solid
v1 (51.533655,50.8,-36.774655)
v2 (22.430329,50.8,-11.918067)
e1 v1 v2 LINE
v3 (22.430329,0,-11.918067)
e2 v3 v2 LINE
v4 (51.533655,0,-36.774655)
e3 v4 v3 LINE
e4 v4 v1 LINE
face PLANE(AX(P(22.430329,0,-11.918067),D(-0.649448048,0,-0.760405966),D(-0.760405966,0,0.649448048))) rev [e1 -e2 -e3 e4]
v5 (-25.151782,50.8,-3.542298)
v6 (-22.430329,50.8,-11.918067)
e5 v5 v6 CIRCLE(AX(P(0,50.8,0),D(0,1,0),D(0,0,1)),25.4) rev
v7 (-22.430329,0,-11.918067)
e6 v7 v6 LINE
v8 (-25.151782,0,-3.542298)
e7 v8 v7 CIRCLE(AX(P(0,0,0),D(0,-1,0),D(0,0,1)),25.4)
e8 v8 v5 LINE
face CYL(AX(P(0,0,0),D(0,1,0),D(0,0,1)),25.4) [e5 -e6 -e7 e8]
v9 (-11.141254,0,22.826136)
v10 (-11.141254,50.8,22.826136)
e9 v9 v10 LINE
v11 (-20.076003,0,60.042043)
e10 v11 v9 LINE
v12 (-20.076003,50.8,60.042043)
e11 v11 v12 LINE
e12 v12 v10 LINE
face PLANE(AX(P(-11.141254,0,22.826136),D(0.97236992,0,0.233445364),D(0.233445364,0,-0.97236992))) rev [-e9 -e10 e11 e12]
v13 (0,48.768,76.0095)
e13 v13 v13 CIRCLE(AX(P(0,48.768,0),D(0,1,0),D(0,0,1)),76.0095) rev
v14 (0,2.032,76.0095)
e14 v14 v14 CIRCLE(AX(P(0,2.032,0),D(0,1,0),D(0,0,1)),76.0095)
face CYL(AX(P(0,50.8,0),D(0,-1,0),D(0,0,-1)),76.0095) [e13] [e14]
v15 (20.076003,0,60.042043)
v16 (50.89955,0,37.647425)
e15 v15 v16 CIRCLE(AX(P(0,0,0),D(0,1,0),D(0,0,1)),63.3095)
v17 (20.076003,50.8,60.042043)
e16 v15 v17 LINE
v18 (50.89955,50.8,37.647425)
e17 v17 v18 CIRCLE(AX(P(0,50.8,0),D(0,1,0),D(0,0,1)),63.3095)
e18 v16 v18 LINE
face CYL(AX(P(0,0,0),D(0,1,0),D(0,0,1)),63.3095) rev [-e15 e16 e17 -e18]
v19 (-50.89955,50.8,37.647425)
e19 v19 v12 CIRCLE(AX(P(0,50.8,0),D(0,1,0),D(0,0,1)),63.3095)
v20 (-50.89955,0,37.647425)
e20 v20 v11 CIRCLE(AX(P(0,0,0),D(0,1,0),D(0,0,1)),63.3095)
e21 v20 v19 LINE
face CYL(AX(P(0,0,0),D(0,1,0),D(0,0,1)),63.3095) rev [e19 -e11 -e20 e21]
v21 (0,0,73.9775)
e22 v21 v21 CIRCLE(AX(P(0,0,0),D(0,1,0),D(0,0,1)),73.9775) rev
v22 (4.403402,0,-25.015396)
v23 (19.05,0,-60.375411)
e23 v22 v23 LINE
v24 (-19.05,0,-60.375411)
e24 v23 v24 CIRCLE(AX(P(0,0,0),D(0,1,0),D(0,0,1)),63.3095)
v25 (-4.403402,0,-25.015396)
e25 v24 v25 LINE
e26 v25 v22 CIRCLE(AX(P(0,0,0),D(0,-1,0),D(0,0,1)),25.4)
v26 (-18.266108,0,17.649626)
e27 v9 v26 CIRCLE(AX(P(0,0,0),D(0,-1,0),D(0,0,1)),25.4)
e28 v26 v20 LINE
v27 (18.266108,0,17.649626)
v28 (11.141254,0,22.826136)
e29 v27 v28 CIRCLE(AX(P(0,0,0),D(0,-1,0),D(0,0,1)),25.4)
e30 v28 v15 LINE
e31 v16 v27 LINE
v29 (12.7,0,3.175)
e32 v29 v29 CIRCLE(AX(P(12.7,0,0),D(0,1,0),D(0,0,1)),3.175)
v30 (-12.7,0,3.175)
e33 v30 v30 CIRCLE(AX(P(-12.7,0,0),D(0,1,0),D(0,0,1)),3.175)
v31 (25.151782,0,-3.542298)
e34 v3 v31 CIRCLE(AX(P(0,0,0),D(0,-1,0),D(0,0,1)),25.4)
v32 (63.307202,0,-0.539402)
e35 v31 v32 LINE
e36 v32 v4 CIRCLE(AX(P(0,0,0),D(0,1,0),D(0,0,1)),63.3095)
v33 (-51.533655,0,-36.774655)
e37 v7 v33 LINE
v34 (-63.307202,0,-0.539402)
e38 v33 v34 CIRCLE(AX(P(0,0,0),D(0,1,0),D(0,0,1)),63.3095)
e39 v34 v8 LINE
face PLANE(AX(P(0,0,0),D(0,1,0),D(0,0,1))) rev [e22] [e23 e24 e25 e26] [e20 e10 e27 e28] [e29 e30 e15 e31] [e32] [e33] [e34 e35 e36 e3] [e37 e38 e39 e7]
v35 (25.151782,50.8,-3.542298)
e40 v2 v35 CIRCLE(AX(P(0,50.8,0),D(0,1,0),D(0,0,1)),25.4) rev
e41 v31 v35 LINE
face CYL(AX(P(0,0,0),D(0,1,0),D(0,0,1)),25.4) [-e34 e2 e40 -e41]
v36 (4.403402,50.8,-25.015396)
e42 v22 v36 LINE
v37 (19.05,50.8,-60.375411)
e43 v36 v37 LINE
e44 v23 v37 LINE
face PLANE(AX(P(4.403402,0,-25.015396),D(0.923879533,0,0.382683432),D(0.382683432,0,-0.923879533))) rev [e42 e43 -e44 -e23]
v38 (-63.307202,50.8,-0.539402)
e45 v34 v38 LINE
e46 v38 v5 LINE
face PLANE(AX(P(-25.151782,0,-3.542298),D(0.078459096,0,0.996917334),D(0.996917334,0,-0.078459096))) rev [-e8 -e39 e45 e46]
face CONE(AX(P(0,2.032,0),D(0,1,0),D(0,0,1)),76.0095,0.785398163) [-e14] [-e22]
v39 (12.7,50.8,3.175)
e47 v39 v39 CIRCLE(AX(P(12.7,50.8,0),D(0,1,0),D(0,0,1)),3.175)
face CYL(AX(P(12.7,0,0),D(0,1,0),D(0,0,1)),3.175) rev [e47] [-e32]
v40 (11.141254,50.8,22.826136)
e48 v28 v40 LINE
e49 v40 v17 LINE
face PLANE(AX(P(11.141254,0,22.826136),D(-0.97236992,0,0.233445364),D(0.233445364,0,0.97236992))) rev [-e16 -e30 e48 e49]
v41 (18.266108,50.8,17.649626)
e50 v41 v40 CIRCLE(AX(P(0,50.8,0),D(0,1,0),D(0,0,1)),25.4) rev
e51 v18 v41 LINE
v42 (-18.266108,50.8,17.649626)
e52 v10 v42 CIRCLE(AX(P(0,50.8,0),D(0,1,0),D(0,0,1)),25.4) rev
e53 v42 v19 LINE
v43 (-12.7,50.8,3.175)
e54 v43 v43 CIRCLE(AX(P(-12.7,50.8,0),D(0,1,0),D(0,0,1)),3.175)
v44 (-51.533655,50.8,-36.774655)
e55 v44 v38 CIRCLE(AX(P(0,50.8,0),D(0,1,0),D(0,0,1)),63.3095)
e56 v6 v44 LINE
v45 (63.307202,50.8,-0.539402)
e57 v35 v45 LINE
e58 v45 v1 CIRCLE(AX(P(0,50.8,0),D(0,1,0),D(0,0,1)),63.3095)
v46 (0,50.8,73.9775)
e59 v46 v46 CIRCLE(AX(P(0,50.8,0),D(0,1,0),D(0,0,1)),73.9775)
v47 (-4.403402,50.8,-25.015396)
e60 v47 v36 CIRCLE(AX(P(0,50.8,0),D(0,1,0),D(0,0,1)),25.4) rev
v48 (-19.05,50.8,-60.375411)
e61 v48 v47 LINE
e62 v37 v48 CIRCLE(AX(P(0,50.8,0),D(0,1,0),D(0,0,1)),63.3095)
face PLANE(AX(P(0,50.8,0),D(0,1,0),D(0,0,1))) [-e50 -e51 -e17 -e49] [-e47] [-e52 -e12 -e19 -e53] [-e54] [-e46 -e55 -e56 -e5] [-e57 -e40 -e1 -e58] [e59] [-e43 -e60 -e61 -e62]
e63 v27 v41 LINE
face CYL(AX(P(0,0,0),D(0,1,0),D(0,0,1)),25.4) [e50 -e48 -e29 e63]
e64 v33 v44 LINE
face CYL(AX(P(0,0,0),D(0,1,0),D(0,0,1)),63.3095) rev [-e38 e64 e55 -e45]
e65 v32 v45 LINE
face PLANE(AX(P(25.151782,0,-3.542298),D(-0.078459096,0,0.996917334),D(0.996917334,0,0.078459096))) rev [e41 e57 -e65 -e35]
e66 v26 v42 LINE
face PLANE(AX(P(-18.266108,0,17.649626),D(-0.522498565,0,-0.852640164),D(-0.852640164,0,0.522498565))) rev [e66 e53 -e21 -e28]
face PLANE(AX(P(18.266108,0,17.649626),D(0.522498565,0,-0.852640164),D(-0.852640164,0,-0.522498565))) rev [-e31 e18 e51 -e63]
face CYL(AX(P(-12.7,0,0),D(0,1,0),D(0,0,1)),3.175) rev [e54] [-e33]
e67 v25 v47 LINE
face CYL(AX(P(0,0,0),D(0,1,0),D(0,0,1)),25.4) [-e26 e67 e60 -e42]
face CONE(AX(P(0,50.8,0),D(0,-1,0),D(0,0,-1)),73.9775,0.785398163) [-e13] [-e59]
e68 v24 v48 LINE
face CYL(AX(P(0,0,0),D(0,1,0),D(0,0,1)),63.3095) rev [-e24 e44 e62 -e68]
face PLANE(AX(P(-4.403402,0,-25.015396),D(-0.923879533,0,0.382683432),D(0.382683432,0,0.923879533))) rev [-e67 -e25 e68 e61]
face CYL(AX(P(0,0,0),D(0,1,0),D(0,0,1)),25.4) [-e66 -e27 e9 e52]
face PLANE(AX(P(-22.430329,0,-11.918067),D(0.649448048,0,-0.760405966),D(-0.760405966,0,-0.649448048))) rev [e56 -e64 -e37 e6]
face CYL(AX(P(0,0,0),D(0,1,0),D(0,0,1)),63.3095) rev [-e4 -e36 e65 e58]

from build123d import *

# Parameters (mm, degrees)
SKETCH1_R               = 76.0095
BOSS_EXTRUDE1_DEPTH     = 50.8
CHAMFER1_SIZE           = 2.032
CUT_EXTRUDE1_DEPTH      = 119.892927378
CUT_EXTRUDE1_DEPTH_BACK = 119.892927378
SKETCH2_R               = 3.175
CUT_EXTRUDE2_DEPTH      = 119.892927378
CUT_EXTRUDE2_DEPTH_BACK = 119.892927378


with BuildPart() as part:
    # Sketch1 → Boss-Extrude1 (new body)
    with BuildSketch(Plane(origin=(0, 0, 0), x_dir=(1, 0, 0), z_dir=(0, 1, 0))):
        with Locations(Location((0, 0, 0), (0, 0, 270))):
            Circle(SKETCH1_R)
    extrude(amount=BOSS_EXTRUDE1_DEPTH)

    # Chamfer1
    chamfer1_edges = [part.edges().sort_by_distance(p)[0] for p in [
        (0, 0, -76.0095),
        (0, 50.8, -76.0095),
    ]]
    chamfer(chamfer1_edges, length=CHAMFER1_SIZE)

    # Sketch2 → Cut-Extrude1 (cut, two sides: drawn at the far end of the back side and taken through both)
    with BuildSketch(Plane(origin=(0, 50.8, 0), x_dir=(1, 0, 0), z_dir=(0, 1, 0)).offset(-CUT_EXTRUDE1_DEPTH_BACK)):
        with Locations(Location((-12.7, 0, 0), (0, 0, 270))):
            Circle(SKETCH2_R)
        with Locations(Location((12.7, 0, 0), (0, 0, 270))):
            Circle(SKETCH2_R)
    extrude(amount=CUT_EXTRUDE1_DEPTH + CUT_EXTRUDE1_DEPTH_BACK, mode=Mode.SUBTRACT)

    # Sketch3 → Cut-Extrude2 (cut, two sides: drawn at the far end of the back side and taken through both)
    with BuildSketch(Plane(origin=(0, 50.8, 0), x_dir=(1, 0, 0), z_dir=(0, 1, 0)).offset(-CUT_EXTRUDE2_DEPTH_BACK)):
        with BuildLine():
            Line((-4.403402195, 25.015396241), (-19.05, 60.375411305))
            ThreePointArc((-19.05, 60.375411305), (0, 63.3095), (19.05, 60.375411305))
            Line((19.05, 60.375411305), (4.403402195, 25.015396241))
            ThreePointArc((4.403402195, 25.015396241), (0, 25.4), (-4.403402195, 25.015396241))
        make_face()
        with BuildLine():
            Line((22.430329492, 11.918066911), (51.533654603, 36.774654771))
            ThreePointArc((51.533654603, 36.774654771), (60.210912518, 19.563711405), (63.307202088, 0.5394015))
            Line((63.307202088, 0.5394015), (25.151781714, 3.542298208))
            ThreePointArc((25.151781714, 3.542298208), (24.156835514, 7.849031657), (22.430329492, 11.918066911))
        make_face()
        with BuildLine():
            Line((18.2661082, -17.64962581), (50.899550109, -37.647424732))
            ThreePointArc((50.899550109, -37.647424732), (37.21239043, -51.218461405), (20.076002623, -60.042042844))
            Line((20.076002623, -60.042042844), (11.141253782, -22.82613555))
            ThreePointArc((11.141253782, -22.82613555), (14.929745408, -20.549031657), (18.2661082, -17.64962581))
        make_face()
        with BuildLine():
            Line((-11.141253782, -22.82613555), (-20.076002623, -60.042042844))
            ThreePointArc((-20.076002623, -60.042042844), (-37.21239043, -51.218461405), (-50.899550109, -37.647424732))
            Line((-50.899550109, -37.647424732), (-18.2661082, -17.64962581))
            ThreePointArc((-18.2661082, -17.64962581), (-14.929745408, -20.549031657), (-11.141253782, -22.82613555))
        make_face()
        with BuildLine():
            Line((-25.151781714, 3.542298208), (-63.307202088, 0.5394015))
            ThreePointArc((-63.307202088, 0.5394015), (-60.210912518, 19.563711405), (-51.533654603, 36.774654771))
            Line((-51.533654603, 36.774654771), (-22.430329492, 11.918066911))
            ThreePointArc((-22.430329492, 11.918066911), (-24.156835514, 7.849031657), (-25.151781714, 3.542298208))
        make_face()
    extrude(amount=CUT_EXTRUDE2_DEPTH + CUT_EXTRUDE2_DEPTH_BACK, mode=Mode.SUBTRACT)


solid = part.part
